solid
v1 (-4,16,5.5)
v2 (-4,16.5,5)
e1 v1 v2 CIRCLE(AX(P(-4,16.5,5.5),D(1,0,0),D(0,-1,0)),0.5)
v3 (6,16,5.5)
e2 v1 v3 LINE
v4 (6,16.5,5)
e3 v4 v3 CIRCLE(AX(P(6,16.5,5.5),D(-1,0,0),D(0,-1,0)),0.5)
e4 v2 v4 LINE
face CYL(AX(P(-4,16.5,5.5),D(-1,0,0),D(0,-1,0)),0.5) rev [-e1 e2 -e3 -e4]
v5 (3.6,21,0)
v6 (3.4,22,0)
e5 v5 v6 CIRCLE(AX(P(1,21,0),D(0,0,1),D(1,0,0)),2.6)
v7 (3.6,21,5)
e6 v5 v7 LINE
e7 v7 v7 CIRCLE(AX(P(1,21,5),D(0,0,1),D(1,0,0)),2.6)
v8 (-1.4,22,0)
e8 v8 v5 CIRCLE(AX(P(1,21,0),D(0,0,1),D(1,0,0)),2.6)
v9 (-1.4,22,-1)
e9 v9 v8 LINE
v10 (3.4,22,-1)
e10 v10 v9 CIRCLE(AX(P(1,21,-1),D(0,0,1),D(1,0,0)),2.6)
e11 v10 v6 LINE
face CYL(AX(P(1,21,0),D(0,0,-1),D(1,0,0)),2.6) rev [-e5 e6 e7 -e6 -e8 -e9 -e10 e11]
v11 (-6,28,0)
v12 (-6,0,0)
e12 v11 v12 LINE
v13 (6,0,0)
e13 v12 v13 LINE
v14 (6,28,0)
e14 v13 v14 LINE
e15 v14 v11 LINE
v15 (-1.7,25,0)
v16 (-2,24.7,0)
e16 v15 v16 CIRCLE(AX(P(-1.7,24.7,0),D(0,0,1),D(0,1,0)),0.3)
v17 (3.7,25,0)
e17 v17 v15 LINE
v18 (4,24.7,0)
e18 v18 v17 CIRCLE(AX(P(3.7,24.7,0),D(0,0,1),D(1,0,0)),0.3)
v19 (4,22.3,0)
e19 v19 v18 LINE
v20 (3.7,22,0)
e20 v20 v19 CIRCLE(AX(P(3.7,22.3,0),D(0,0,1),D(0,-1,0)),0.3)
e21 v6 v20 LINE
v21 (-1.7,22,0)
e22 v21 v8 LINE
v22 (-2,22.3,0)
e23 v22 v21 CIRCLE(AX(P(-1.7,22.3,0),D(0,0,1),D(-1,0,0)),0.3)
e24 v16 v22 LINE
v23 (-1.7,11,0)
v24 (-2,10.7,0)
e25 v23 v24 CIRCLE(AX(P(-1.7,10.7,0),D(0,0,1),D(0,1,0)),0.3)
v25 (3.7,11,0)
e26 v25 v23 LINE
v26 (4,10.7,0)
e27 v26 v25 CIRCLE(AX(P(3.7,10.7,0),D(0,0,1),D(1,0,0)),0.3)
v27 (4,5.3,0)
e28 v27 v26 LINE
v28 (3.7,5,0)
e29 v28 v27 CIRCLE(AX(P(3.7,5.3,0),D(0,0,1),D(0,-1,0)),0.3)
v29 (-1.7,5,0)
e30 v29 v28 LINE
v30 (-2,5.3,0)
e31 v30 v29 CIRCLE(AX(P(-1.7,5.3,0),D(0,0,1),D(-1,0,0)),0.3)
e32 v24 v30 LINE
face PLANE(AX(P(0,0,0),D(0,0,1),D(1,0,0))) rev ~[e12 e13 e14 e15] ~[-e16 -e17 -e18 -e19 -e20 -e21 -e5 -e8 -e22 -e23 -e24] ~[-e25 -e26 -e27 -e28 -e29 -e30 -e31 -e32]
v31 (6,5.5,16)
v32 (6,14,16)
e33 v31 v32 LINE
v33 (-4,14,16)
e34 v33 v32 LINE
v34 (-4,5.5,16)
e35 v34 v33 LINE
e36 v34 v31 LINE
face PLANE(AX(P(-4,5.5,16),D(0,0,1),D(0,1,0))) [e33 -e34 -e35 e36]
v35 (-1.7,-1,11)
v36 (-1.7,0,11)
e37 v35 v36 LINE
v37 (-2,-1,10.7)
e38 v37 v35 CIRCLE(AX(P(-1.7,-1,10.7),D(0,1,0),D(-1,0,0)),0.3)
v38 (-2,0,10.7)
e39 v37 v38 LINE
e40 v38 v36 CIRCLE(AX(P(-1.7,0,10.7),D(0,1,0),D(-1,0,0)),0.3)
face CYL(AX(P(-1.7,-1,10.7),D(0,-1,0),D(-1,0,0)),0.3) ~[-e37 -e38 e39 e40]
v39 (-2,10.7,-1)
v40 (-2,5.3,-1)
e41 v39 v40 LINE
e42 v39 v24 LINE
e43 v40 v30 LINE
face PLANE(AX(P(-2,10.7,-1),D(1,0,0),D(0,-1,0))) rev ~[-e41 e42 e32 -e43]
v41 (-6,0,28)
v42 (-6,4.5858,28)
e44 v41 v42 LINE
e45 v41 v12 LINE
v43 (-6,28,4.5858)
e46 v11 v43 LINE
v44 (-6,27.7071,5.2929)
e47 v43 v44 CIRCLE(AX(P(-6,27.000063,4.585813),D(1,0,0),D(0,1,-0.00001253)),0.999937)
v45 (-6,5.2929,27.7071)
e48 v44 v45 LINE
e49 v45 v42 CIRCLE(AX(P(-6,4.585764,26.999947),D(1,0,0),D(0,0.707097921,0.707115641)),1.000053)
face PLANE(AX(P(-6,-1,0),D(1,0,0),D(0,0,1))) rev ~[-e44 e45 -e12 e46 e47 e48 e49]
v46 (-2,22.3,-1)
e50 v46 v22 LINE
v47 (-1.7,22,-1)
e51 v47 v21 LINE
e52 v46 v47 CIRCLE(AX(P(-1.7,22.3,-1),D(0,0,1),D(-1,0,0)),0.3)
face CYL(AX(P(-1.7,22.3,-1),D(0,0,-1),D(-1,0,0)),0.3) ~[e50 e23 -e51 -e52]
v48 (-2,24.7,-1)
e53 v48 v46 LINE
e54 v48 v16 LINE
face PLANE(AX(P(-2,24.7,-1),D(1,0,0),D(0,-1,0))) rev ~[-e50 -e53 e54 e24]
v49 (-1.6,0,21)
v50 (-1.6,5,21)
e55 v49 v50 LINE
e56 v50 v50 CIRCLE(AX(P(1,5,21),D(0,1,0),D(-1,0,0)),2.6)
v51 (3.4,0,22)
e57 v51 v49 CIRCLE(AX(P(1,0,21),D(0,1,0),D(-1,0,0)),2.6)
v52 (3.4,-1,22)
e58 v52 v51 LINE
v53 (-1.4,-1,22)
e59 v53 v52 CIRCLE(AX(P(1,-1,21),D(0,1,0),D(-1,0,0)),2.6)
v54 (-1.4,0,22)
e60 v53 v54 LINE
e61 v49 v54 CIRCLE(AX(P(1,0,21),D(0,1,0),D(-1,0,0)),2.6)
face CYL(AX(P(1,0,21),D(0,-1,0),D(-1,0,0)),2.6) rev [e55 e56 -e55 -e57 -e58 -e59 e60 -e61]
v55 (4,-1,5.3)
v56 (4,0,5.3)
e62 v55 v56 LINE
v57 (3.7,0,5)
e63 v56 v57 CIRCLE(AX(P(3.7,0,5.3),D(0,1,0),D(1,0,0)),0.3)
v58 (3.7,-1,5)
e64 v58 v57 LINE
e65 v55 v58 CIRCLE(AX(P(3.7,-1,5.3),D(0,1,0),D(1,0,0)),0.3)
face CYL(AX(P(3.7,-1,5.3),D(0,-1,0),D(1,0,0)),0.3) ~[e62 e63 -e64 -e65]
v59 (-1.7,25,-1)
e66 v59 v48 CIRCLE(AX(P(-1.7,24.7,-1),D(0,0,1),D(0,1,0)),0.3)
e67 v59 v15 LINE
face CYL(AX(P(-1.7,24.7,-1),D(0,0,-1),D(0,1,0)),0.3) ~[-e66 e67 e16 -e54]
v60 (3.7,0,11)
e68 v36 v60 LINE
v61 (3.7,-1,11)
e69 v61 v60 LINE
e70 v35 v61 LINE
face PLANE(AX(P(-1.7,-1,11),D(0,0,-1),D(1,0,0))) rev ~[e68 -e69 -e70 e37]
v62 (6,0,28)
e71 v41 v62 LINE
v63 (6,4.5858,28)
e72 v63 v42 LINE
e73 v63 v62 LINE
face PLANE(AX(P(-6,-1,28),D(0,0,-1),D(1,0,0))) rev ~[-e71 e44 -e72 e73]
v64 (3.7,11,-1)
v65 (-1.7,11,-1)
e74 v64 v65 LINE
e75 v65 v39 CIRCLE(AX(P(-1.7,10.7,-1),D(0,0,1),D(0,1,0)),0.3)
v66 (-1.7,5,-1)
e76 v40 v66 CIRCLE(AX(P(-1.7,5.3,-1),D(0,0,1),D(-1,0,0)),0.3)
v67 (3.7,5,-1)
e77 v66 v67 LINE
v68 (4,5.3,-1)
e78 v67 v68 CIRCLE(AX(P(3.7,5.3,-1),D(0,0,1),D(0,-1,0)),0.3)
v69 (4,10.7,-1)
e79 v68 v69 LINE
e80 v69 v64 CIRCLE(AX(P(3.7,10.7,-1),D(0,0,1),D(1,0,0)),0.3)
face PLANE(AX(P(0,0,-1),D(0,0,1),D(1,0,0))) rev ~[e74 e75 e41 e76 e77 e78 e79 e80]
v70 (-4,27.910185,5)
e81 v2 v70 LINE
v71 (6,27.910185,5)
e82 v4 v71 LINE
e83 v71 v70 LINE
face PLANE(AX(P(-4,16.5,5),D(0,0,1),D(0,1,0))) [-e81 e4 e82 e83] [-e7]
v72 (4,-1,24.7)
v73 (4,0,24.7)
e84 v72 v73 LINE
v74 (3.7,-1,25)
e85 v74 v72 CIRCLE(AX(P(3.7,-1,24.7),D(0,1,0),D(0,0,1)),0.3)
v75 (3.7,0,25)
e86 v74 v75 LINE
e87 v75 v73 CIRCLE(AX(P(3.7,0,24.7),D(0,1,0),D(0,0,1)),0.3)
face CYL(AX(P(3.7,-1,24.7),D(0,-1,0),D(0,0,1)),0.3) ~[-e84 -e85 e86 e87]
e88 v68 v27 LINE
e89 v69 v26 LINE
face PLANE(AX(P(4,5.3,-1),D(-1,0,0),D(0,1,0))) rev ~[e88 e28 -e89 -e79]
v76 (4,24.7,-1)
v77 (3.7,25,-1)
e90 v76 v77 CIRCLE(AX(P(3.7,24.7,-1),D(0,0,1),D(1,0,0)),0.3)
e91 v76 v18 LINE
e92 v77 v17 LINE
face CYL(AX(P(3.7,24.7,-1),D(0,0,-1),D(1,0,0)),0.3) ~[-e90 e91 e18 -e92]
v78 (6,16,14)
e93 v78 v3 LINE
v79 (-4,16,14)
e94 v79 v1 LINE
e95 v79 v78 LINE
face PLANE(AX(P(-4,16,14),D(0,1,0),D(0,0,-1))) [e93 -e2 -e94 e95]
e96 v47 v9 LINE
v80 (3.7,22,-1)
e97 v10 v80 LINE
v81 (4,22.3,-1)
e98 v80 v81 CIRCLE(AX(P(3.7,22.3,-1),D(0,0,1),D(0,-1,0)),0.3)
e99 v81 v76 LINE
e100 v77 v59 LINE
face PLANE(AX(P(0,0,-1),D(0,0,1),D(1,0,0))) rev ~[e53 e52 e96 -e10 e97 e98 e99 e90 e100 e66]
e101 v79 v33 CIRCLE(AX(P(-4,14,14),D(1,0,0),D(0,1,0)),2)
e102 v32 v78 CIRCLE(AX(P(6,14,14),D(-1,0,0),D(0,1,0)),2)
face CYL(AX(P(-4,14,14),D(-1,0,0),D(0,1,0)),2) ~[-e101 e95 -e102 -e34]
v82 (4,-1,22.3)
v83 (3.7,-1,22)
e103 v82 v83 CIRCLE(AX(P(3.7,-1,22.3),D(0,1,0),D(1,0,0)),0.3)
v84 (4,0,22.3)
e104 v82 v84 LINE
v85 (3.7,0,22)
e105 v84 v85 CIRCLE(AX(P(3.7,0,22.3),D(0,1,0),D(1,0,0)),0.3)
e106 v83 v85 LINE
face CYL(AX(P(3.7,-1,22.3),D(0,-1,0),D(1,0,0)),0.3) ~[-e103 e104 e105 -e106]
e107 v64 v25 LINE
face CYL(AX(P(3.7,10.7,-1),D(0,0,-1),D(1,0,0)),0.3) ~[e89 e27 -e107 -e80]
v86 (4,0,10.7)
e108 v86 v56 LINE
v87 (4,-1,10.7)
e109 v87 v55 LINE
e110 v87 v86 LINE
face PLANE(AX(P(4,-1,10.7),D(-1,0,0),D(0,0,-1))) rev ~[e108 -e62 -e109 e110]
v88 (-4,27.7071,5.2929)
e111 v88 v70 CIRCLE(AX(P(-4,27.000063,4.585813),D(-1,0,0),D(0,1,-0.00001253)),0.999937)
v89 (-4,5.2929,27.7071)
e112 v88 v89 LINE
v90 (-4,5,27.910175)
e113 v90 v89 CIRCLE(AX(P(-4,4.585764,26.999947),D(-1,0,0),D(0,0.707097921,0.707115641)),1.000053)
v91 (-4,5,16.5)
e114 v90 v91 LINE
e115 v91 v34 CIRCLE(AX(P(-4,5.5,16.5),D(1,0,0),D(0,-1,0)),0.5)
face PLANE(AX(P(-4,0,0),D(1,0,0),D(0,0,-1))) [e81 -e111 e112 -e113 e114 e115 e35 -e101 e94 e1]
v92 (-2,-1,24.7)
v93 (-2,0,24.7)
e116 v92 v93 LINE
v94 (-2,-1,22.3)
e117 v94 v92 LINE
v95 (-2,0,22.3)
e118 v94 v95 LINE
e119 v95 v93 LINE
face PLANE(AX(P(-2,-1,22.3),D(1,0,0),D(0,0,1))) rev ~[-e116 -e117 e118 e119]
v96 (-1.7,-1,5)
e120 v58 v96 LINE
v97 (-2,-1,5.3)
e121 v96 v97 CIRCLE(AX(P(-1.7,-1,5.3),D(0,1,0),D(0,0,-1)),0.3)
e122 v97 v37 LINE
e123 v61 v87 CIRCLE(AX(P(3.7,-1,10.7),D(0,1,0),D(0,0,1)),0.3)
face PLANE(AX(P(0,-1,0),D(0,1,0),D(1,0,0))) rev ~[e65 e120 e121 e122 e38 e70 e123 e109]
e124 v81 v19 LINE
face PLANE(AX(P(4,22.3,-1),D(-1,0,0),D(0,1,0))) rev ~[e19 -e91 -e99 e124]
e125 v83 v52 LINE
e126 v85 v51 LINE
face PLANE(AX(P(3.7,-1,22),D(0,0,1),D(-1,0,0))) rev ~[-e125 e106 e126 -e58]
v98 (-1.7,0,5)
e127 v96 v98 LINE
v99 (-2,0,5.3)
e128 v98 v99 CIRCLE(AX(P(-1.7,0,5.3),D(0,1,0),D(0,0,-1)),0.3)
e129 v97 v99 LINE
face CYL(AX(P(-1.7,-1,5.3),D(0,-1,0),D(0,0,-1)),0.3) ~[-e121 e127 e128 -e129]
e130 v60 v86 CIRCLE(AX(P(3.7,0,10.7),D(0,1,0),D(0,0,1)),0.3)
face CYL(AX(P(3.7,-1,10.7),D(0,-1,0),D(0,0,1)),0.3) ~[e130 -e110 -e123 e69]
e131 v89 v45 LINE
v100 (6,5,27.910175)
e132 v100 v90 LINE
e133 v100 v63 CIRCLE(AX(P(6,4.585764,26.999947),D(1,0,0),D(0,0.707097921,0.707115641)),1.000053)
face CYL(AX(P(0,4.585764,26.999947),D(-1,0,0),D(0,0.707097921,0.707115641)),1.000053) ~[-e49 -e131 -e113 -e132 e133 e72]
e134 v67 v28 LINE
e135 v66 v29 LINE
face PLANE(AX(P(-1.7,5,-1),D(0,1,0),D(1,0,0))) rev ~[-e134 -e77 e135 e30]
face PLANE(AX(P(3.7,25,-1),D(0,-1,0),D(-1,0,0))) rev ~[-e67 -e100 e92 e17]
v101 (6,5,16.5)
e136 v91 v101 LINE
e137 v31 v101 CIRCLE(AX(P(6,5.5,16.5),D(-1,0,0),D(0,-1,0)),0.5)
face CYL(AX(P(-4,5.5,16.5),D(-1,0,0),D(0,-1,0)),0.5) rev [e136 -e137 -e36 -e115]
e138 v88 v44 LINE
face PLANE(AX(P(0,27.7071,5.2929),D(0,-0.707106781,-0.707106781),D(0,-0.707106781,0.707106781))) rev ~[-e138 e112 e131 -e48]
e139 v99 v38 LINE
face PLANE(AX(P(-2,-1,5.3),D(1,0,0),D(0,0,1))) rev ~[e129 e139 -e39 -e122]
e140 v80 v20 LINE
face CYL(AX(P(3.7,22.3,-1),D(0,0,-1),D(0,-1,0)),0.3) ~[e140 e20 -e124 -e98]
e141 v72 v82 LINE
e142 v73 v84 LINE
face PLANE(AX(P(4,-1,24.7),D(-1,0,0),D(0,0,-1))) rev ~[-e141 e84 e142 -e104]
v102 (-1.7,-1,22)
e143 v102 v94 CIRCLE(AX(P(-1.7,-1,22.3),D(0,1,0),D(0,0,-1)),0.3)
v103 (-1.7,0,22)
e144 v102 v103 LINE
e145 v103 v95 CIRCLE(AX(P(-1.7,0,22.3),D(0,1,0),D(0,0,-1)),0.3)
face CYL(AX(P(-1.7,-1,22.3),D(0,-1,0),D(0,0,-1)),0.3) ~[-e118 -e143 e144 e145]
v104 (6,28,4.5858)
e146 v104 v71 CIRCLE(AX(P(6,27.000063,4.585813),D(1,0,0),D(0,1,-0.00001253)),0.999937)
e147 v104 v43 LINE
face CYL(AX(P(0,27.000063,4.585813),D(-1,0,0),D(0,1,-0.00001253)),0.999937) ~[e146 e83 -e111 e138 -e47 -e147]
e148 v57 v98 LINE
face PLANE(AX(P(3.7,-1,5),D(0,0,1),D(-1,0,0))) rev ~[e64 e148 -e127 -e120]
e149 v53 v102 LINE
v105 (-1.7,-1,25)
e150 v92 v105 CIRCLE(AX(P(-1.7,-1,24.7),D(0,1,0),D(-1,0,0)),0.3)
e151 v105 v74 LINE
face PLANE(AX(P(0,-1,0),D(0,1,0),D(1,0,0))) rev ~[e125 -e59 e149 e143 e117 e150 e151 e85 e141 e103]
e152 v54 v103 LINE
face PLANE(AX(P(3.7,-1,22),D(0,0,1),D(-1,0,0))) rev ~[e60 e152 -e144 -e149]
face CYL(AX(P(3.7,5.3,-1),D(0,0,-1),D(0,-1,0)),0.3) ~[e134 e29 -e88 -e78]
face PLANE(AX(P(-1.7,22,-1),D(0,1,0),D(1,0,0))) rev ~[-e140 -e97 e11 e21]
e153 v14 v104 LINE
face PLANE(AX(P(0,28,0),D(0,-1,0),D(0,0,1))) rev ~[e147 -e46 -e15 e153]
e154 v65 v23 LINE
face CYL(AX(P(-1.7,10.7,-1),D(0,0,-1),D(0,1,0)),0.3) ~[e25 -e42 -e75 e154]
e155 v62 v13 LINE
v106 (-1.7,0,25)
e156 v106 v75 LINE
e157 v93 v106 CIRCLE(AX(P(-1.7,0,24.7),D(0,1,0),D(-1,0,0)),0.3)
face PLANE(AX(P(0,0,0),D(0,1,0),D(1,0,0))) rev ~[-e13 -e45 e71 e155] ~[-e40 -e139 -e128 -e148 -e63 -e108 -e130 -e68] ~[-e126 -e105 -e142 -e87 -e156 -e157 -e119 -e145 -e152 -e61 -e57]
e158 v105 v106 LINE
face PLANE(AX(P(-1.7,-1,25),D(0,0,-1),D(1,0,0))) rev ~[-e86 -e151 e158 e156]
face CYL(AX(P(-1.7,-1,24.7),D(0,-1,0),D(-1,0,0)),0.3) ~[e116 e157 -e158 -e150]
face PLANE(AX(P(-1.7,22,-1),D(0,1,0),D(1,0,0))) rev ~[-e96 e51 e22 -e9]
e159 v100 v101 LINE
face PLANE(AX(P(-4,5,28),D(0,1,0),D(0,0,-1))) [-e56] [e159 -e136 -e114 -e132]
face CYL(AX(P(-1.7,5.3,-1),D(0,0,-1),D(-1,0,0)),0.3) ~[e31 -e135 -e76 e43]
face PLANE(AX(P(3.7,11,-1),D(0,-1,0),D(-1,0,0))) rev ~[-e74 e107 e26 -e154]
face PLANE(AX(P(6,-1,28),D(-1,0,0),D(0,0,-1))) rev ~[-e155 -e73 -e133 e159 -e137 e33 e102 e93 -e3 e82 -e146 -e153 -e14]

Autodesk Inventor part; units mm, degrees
sketch "Sketch_15" plane through (0, 0, 0) normal (1, 0, 0) x (0, 1, 0)
  line L0 (0, 28) -> (0, 0)
  line L1 (0, 0) -> (28, 0)
  line L2 (28, 0) -> (28, 4.5858)
  arc A0 (28, 4.5858) -> (27.7071, 5.2929) centre (27, 4.5858) ccw
  line L3 (27.7071, 5.2929) -> (5.2929, 27.7071)
  arc A1 (5.2929, 27.7071) -> (4.5858, 28) centre (4.5858, 27) ccw
  line L4 (4.5858, 28) -> (0, 28)
extrude "Extrusion1" add sketch "Sketch_15" along normal mid plane 12
sketch "Sketch_60" plane through (0, -1, 0) normal (0, 1, 0) x (1, 0, 0)
  line L0 (-6, 0) -> (-6, -28)
  line L1 (-6, -28) -> (6, -28)
  line L2 (6, -28) -> (6, 0)
  line L3 (6, 0) -> (-6, 0)
extrude "Extrusion2" add sketch "Sketch_60" along normal blind 1
sketch "Sketch_61" plane through (0, -1, 0) normal (0, 1, 0) x (1, 0, 0)
  line L0 (-6, 0) -> (-6, -28)
  line L1 (-6, -28) -> (6, -28)
  line L2 (6, -28) -> (6, 0)
  line L3 (6, 0) -> (-6, 0)
  arc A0 (-2, -10.7) -> (-1.7, -11) centre (-1.7, -10.7) ccw
  line L4 (-1.7, -11) -> (3.7, -11)
  arc A1 (3.7, -11) -> (4, -10.7) centre (3.7, -10.7) ccw
  line L5 (4, -10.7) -> (4, -5.3)
  arc A2 (4, -5.3) -> (3.7, -5) centre (3.7, -5.3) ccw
  line L6 (3.7, -5) -> (-1.7, -5)
  arc A3 (-1.7, -5) -> (-2, -5.3) centre (-1.7, -5.3) ccw
  line L7 (-2, -5.3) -> (-2, -10.7)
  arc A4 (-2, -24.7) -> (-1.7, -25) centre (-1.7, -24.7) ccw
  line L8 (-1.7, -25) -> (3.7, -25)
  arc A5 (3.7, -25) -> (4, -24.7) centre (3.7, -24.7) ccw
  line L9 (4, -24.7) -> (4, -22.3)
  arc A6 (4, -22.3) -> (3.7, -22) centre (3.7, -22.3) ccw
  line L10 (3.7, -22) -> (-1.7, -22)
  arc A7 (-1.7, -22) -> (-2, -22.3) centre (-1.7, -22.3) ccw
  line L11 (-2, -22.3) -> (-2, -24.7)
extrude "Extrusion3" cut sketch "Sketch_61" along normal blind 1
sketch "Sketch_62" plane through (0, 0, 0) normal (0, 0, 1) x (1, 0, 0)
  line L0 (-6, 0) -> (6, 0)
  line L1 (6, 0) -> (6, 28)
  line L2 (6, 28) -> (-6, 28)
  line L3 (-6, 28) -> (-6, 0)
extrude "Extrusion4" add sketch "Sketch_62" along normal mid plane 2
sketch "Sketch_63" plane through (0, 0, -1) normal (0, 0, 1) x (1, 0, 0)
  line L0 (-6, 0) -> (6, 0)
  line L1 (6, 0) -> (6, 28)
  line L2 (6, 28) -> (-6, 28)
  line L3 (-6, 28) -> (-6, 0)
  line L4 (-2, 10.7) -> (-2, 5.3)
  arc A0 (-2, 5.3) -> (-1.7, 5) centre (-1.7, 5.3) ccw
  line L5 (-1.7, 5) -> (3.7, 5)
  arc A1 (3.7, 5) -> (4, 5.3) centre (3.7, 5.3) ccw
  line L6 (4, 5.3) -> (4, 10.7)
  arc A2 (4, 10.7) -> (3.7, 11) centre (3.7, 10.7) ccw
  line L7 (3.7, 11) -> (-1.7, 11)
  arc A3 (-1.7, 11) -> (-2, 10.7) centre (-1.7, 10.7) ccw
  line L8 (-2, 24.7) -> (-2, 22.3)
  arc A4 (-2, 22.3) -> (-1.7, 22) centre (-1.7, 22.3) ccw
  line L9 (-1.7, 22) -> (3.7, 22)
  arc A5 (3.7, 22) -> (4, 22.3) centre (3.7, 22.3) ccw
  line L10 (4, 22.3) -> (4, 24.7)
  arc A6 (4, 24.7) -> (3.7, 25) centre (3.7, 24.7) ccw
  line L11 (3.7, 25) -> (-1.7, 25)
  arc A7 (-1.7, 25) -> (-2, 24.7) centre (-1.7, 24.7) ccw
extrude "Extrusion5" cut sketch "Sketch_63" along normal blind 1
sketch "Sketch_12" plane through (-4, 0, 0) normal (1, 0, 0) x (0, 0, -1)
  line L0 (-28, 5) -> (-16.5, 5)
  arc A0 (-16.5, 5) -> (-16, 5.5) centre (-16.5, 5.5) ccw
  line L1 (-16, 5.5) -> (-16, 14)
  arc A1 (-14, 16) -> (-16, 14) centre (-14, 14) ccw
  line L2 (-14, 16) -> (-5.5, 16)
  arc A2 (-5.5, 16) -> (-5, 16.5) centre (-5.5, 16.5) ccw
  line L3 (-5, 16.5) -> (-5, 28)
  line L4 (-5, 28) -> (-28, 28)
  line L5 (-28, 28) -> (-28, 5)
extrude "Extrusion6" cut sketch "Sketch_12" along normal blind 16
sketch "Sketch_20" plane through (0, 0, 0) normal (0, 0, 1) x (1, 0, 0)
  circle A0 centre (1, 21) radius 2.6
extrude "Extrusion7" cut sketch "Sketch_20" along normal mid plane 10
sketch "Sketch_29" plane through (0, 0, 0) normal (0, 1, 0) x (-1, 0, 0)
  circle A0 centre (-1, 21) radius 2.6
extrude "Extrusion8" cut sketch "Sketch_29" along normal mid plane 10
ref_plane "to_bolt_row_1_to_3_XY" through (1, 21, 5) normal (0, 0, 1) x (1, 0, 0)
ref_plane "to_bolt_row_1_to_3_YZ" through (1, 21, 5) normal (1, 0, 0) x (0, 1, 0)
ref_plane "to_bolt_row_1_to_3_ZX" through (1, 21, 5) normal (0, 1, 0) x (0, 0, 1)
ref_plane "to_bolt_row_1_to_3_base_XY" through (1, 5, 21) normal (0, 1, 0) x (1, 0, 0)
ref_plane "to_bolt_row_1_to_3_base_YZ" through (1, 5, 21) normal (1, 0, 0) x (0, 0, -1)
ref_plane "to_bolt_row_1_to_3_base_ZX" through (1, 5, 21) normal (0, 0, -1) x (0, 1, 0)
ref_plane "to_nut_row_1_to_3_XY" through (1, 21, -2) normal (0, 0, 1) x (1, 0, 0)
ref_plane "to_nut_row_1_to_3_YZ" through (1, 21, -2) normal (1, 0, 0) x (0, 1, 0)
ref_plane "to_nut_row_1_to_3_ZX" through (1, 21, -2) normal (0, 1, 0) x (0, 0, 1)
ref_plane "to_nut_row_1_to_3_base_XY" through (1, -2, 21) normal (0, 1, 0) x (1, 0, 0)
ref_plane "to_nut_row_1_to_3_base_YZ" through (1, -2, 21) normal (1, 0, 0) x (0, 0, -1)
ref_plane "to_nut_row_1_to_3_base_ZX" through (1, -2, 21) normal (0, 0, -1) x (0, 1, 0)
ref_plane "bracket_to_dummy_XY" through (0, 0, 0) normal (0, 1, 0) x (1, 0, 0)
ref_plane "bracket_to_dummy_YZ" through (0, 0, 0) normal (1, 0, 0) x (0, 0, -1)
ref_plane "bracket_to_dummy_ZX" through (0, 0, 0) normal (0, 0, -1) x (0, 1, 0)
ref_plane "bracket_to_bolt_XY" through (1, 21, 0) normal (0, 0, 1) x (1, 0, 0)
ref_plane "bracket_to_bolt_YZ" through (1, 21, 0) normal (1, 0, 0) x (0, 1, 0)
ref_plane "bracket_to_bolt_ZX" through (1, 21, 0) normal (0, 1, 0) x (0, 0, 1)
properties part number "HBLFSL5hblfsn5"
